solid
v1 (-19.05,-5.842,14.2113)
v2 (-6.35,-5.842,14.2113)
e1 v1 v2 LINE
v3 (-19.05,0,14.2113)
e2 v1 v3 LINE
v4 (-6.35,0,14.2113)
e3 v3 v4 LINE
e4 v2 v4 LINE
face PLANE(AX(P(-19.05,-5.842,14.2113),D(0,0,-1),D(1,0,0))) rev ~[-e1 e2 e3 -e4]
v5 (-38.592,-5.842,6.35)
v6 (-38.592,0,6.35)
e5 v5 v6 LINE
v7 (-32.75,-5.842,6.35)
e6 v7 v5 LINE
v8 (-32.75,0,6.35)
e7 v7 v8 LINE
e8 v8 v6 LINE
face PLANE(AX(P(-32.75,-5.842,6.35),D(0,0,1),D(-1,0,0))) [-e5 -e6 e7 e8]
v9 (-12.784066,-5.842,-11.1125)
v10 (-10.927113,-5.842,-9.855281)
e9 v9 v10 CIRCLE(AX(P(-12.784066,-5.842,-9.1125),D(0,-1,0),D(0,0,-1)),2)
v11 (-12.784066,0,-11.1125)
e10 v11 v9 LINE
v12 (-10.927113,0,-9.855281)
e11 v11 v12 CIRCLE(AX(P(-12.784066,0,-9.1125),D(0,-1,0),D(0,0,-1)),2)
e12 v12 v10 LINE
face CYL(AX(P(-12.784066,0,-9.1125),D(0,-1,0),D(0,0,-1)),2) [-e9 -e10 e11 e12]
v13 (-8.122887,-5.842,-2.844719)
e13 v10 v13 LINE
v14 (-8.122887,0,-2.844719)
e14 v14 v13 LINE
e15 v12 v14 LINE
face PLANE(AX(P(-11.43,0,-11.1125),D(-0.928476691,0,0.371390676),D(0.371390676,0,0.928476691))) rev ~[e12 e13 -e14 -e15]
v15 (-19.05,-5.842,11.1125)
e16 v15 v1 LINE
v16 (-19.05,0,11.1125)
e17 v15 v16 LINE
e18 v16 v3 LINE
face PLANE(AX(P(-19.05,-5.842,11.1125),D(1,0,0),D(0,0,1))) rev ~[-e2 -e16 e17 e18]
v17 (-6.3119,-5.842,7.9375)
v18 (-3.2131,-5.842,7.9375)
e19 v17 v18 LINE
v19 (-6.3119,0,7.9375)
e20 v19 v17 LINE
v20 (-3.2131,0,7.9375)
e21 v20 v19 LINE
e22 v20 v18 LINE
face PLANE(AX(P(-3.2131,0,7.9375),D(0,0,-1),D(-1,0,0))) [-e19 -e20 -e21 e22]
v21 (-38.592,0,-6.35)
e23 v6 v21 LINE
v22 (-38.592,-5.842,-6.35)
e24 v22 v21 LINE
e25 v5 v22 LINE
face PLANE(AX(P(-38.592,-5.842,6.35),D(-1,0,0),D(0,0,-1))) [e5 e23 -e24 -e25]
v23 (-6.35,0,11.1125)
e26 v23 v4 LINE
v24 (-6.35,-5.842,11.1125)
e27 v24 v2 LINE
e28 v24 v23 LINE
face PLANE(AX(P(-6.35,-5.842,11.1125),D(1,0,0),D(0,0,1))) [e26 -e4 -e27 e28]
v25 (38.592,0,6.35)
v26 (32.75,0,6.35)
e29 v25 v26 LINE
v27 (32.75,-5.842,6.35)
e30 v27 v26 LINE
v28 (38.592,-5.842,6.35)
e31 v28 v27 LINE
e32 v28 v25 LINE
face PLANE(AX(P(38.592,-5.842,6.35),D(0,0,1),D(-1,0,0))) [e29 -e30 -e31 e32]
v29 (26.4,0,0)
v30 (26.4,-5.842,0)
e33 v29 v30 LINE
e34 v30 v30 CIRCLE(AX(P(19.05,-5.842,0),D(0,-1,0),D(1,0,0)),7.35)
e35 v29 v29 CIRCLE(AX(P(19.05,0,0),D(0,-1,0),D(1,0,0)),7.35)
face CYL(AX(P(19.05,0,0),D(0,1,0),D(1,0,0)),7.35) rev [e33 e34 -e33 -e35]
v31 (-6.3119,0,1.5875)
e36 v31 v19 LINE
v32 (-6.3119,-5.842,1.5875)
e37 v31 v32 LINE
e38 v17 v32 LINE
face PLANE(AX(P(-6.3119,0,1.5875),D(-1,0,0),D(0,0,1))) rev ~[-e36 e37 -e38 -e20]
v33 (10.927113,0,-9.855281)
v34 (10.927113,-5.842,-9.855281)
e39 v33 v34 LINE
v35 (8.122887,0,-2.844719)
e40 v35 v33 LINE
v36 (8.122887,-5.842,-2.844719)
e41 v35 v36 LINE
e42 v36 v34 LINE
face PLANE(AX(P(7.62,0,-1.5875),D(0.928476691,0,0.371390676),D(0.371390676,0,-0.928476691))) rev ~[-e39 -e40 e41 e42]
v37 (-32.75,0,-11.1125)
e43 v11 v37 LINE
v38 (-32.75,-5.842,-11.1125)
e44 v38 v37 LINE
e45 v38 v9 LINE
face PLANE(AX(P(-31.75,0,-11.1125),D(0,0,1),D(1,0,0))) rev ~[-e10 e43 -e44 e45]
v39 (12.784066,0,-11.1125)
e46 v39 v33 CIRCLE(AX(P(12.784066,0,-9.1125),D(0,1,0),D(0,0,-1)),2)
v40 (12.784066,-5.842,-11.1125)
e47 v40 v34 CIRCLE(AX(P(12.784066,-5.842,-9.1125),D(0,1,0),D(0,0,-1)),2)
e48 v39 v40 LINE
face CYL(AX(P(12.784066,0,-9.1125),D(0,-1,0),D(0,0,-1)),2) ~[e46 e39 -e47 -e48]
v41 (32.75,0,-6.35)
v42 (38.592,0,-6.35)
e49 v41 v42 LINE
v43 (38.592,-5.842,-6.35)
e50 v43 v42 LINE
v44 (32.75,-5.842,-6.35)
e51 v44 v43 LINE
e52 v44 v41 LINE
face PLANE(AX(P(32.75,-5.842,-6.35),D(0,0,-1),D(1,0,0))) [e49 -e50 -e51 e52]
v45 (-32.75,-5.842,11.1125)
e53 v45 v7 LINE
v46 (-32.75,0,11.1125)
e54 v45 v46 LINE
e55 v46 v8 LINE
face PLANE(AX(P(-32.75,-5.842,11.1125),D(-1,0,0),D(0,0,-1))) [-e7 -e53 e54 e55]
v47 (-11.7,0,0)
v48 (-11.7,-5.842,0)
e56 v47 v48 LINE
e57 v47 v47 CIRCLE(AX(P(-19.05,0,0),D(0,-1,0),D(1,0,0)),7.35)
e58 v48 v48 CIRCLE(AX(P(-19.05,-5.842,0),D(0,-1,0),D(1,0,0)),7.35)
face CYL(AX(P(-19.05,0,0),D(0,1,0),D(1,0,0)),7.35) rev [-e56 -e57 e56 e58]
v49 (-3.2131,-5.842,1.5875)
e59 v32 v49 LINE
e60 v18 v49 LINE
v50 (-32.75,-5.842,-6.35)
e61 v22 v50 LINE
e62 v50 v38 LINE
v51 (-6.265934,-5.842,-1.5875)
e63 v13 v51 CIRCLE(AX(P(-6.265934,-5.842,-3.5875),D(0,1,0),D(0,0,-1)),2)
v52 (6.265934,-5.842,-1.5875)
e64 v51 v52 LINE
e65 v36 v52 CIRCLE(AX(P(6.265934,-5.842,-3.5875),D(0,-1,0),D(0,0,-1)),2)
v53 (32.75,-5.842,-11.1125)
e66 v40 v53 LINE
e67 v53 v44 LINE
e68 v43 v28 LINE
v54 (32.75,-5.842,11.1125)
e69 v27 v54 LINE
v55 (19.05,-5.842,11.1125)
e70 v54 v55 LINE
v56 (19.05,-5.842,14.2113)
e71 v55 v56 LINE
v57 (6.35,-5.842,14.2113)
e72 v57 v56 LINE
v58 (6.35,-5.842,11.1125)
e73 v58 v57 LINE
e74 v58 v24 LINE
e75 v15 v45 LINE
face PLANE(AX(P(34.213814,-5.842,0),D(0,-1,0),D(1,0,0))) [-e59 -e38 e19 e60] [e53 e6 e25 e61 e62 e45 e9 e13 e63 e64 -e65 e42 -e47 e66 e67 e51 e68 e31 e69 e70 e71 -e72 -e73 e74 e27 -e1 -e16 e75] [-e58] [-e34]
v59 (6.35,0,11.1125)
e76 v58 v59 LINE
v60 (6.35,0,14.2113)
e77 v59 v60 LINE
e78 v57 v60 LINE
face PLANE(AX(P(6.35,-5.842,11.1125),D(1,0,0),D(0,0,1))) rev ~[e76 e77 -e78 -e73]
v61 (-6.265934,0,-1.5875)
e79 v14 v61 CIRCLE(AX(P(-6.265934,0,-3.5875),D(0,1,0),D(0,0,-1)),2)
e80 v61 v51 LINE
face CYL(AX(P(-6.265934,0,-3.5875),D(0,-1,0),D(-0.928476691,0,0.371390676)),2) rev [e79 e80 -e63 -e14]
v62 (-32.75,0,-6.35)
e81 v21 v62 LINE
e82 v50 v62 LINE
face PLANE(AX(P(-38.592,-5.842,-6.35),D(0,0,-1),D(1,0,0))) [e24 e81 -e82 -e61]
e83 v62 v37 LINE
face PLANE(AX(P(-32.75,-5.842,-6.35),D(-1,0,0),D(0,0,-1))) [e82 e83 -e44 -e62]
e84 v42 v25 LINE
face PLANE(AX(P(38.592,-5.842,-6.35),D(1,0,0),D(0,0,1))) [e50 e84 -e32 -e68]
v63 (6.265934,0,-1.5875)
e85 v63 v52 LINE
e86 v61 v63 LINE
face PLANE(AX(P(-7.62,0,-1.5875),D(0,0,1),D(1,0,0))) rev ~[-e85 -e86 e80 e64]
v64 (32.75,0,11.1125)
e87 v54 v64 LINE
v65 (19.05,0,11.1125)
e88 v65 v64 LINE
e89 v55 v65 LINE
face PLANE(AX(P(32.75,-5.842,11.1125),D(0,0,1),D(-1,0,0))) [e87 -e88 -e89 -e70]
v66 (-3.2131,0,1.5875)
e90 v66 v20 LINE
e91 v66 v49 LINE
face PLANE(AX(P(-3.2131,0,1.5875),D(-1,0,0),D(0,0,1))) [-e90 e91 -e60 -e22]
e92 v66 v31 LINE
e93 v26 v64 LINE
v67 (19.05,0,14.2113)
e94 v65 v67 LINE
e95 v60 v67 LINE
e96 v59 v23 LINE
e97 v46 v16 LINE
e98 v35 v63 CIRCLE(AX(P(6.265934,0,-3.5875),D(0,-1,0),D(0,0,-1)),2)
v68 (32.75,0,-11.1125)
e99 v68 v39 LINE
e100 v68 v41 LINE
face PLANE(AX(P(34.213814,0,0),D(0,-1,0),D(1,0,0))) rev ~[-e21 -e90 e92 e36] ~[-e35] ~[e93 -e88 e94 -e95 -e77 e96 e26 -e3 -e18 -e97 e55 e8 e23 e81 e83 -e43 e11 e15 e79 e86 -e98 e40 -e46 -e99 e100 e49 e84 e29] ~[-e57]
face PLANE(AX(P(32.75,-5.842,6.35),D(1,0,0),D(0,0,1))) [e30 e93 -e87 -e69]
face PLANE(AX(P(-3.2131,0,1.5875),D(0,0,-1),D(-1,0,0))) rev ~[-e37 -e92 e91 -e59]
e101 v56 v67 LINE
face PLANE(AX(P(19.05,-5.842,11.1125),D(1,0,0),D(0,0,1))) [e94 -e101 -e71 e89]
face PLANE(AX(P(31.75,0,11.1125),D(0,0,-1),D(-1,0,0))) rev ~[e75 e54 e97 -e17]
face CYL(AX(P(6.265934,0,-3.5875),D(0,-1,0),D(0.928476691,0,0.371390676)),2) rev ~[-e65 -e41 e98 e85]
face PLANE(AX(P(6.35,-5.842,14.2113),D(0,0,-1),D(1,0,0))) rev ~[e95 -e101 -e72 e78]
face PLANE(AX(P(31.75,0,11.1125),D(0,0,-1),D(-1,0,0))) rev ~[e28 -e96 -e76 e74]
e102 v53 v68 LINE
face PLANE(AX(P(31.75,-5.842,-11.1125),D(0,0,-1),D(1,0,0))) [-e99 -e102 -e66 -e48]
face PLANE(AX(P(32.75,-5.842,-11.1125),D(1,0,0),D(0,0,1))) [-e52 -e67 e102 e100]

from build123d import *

# Parameters (mm, degrees)
F0_R     = 7.35
F1_DEPTH = 5.842
F2_R     = 2
F3_W     = 3.0988
F3_H     = 6.35
F4_DEPTH = 25.4
F5_W     = 12.7
F5_H     = 3.0988
F6_DEPTH = 5.842
F8_DEPTH = 5.842


with BuildPart() as f1:
    # F0 (on Front) → F1 (new body)
    with BuildSketch(Plane.XZ):
        Polygon((31.75, 11.1125), (-31.75, 11.1125), (-31.75, -11.1125), (-11.43, -11.1125), (-7.62, -1.5875), (0, -1.5875), (7.62, -1.5875), (11.43, -11.1125), (31.75, -11.1125), align=None)
        with Locations((-19.05, 0)):
            Circle(F0_R, mode=Mode.SUBTRACT)
        with Locations((19.05, 0)):
            Circle(F0_R, mode=Mode.SUBTRACT)
    extrude(amount=F1_DEPTH)

    # F2
    f2_edges = [f1.edges().sort_by_distance(p)[0] for p in [
        (-11.43, -2.921, -11.1125),
        (-7.62, -2.921, -1.5875),
        (7.62, -2.921, -1.5875),
        (11.43, -2.921, -11.1125),
    ]]
    fillet(f2_edges, radius=F2_R)

    # F3 (on face) → F4 (cut)
    with BuildSketch(Plane(origin=(0, 0, 0), x_dir=(-1, 0, 0), z_dir=(0, 1, 0))):
        with Locations((4.7625, 4.7625)):
            Rectangle(F3_W, F3_H)
    extrude(amount=-F4_DEPTH, mode=Mode.SUBTRACT)

    # F5 (on face) → F6 (join, through all)
    with BuildSketch(Plane.XZ.offset(5.842)):
        with Locations((-12.7, 12.6619)):
            Rectangle(F5_W, F5_H)
        with Locations((12.7, 12.6619)):
            Rectangle(F5_W, F5_H)
    extrude(amount=-F6_DEPTH)

    # F7 (on face) → F8 (join, through all)
    with BuildSketch(Plane.XZ.offset(5.842)):
        Polygon((38.592, 6.35), (32.75, 6.35), (32.75, 11.1125), (31.75, 11.1125), (31.75, 6.35), (31.75, -6.35), (31.75, -11.1125), (32.75, -11.1125), (32.75, -6.35), (38.592, -6.35), align=None)
        Polygon((-31.75, 6.35), (-31.75, 11.1125), (-32.75, 11.1125), (-32.75, 6.35), (-38.592, 6.35), (-38.592, -6.35), (-32.75, -6.35), (-32.75, -11.1125), (-31.75, -11.1125), (-31.75, -6.35), align=None)
    extrude(amount=-F8_DEPTH)


solid = f1.part
